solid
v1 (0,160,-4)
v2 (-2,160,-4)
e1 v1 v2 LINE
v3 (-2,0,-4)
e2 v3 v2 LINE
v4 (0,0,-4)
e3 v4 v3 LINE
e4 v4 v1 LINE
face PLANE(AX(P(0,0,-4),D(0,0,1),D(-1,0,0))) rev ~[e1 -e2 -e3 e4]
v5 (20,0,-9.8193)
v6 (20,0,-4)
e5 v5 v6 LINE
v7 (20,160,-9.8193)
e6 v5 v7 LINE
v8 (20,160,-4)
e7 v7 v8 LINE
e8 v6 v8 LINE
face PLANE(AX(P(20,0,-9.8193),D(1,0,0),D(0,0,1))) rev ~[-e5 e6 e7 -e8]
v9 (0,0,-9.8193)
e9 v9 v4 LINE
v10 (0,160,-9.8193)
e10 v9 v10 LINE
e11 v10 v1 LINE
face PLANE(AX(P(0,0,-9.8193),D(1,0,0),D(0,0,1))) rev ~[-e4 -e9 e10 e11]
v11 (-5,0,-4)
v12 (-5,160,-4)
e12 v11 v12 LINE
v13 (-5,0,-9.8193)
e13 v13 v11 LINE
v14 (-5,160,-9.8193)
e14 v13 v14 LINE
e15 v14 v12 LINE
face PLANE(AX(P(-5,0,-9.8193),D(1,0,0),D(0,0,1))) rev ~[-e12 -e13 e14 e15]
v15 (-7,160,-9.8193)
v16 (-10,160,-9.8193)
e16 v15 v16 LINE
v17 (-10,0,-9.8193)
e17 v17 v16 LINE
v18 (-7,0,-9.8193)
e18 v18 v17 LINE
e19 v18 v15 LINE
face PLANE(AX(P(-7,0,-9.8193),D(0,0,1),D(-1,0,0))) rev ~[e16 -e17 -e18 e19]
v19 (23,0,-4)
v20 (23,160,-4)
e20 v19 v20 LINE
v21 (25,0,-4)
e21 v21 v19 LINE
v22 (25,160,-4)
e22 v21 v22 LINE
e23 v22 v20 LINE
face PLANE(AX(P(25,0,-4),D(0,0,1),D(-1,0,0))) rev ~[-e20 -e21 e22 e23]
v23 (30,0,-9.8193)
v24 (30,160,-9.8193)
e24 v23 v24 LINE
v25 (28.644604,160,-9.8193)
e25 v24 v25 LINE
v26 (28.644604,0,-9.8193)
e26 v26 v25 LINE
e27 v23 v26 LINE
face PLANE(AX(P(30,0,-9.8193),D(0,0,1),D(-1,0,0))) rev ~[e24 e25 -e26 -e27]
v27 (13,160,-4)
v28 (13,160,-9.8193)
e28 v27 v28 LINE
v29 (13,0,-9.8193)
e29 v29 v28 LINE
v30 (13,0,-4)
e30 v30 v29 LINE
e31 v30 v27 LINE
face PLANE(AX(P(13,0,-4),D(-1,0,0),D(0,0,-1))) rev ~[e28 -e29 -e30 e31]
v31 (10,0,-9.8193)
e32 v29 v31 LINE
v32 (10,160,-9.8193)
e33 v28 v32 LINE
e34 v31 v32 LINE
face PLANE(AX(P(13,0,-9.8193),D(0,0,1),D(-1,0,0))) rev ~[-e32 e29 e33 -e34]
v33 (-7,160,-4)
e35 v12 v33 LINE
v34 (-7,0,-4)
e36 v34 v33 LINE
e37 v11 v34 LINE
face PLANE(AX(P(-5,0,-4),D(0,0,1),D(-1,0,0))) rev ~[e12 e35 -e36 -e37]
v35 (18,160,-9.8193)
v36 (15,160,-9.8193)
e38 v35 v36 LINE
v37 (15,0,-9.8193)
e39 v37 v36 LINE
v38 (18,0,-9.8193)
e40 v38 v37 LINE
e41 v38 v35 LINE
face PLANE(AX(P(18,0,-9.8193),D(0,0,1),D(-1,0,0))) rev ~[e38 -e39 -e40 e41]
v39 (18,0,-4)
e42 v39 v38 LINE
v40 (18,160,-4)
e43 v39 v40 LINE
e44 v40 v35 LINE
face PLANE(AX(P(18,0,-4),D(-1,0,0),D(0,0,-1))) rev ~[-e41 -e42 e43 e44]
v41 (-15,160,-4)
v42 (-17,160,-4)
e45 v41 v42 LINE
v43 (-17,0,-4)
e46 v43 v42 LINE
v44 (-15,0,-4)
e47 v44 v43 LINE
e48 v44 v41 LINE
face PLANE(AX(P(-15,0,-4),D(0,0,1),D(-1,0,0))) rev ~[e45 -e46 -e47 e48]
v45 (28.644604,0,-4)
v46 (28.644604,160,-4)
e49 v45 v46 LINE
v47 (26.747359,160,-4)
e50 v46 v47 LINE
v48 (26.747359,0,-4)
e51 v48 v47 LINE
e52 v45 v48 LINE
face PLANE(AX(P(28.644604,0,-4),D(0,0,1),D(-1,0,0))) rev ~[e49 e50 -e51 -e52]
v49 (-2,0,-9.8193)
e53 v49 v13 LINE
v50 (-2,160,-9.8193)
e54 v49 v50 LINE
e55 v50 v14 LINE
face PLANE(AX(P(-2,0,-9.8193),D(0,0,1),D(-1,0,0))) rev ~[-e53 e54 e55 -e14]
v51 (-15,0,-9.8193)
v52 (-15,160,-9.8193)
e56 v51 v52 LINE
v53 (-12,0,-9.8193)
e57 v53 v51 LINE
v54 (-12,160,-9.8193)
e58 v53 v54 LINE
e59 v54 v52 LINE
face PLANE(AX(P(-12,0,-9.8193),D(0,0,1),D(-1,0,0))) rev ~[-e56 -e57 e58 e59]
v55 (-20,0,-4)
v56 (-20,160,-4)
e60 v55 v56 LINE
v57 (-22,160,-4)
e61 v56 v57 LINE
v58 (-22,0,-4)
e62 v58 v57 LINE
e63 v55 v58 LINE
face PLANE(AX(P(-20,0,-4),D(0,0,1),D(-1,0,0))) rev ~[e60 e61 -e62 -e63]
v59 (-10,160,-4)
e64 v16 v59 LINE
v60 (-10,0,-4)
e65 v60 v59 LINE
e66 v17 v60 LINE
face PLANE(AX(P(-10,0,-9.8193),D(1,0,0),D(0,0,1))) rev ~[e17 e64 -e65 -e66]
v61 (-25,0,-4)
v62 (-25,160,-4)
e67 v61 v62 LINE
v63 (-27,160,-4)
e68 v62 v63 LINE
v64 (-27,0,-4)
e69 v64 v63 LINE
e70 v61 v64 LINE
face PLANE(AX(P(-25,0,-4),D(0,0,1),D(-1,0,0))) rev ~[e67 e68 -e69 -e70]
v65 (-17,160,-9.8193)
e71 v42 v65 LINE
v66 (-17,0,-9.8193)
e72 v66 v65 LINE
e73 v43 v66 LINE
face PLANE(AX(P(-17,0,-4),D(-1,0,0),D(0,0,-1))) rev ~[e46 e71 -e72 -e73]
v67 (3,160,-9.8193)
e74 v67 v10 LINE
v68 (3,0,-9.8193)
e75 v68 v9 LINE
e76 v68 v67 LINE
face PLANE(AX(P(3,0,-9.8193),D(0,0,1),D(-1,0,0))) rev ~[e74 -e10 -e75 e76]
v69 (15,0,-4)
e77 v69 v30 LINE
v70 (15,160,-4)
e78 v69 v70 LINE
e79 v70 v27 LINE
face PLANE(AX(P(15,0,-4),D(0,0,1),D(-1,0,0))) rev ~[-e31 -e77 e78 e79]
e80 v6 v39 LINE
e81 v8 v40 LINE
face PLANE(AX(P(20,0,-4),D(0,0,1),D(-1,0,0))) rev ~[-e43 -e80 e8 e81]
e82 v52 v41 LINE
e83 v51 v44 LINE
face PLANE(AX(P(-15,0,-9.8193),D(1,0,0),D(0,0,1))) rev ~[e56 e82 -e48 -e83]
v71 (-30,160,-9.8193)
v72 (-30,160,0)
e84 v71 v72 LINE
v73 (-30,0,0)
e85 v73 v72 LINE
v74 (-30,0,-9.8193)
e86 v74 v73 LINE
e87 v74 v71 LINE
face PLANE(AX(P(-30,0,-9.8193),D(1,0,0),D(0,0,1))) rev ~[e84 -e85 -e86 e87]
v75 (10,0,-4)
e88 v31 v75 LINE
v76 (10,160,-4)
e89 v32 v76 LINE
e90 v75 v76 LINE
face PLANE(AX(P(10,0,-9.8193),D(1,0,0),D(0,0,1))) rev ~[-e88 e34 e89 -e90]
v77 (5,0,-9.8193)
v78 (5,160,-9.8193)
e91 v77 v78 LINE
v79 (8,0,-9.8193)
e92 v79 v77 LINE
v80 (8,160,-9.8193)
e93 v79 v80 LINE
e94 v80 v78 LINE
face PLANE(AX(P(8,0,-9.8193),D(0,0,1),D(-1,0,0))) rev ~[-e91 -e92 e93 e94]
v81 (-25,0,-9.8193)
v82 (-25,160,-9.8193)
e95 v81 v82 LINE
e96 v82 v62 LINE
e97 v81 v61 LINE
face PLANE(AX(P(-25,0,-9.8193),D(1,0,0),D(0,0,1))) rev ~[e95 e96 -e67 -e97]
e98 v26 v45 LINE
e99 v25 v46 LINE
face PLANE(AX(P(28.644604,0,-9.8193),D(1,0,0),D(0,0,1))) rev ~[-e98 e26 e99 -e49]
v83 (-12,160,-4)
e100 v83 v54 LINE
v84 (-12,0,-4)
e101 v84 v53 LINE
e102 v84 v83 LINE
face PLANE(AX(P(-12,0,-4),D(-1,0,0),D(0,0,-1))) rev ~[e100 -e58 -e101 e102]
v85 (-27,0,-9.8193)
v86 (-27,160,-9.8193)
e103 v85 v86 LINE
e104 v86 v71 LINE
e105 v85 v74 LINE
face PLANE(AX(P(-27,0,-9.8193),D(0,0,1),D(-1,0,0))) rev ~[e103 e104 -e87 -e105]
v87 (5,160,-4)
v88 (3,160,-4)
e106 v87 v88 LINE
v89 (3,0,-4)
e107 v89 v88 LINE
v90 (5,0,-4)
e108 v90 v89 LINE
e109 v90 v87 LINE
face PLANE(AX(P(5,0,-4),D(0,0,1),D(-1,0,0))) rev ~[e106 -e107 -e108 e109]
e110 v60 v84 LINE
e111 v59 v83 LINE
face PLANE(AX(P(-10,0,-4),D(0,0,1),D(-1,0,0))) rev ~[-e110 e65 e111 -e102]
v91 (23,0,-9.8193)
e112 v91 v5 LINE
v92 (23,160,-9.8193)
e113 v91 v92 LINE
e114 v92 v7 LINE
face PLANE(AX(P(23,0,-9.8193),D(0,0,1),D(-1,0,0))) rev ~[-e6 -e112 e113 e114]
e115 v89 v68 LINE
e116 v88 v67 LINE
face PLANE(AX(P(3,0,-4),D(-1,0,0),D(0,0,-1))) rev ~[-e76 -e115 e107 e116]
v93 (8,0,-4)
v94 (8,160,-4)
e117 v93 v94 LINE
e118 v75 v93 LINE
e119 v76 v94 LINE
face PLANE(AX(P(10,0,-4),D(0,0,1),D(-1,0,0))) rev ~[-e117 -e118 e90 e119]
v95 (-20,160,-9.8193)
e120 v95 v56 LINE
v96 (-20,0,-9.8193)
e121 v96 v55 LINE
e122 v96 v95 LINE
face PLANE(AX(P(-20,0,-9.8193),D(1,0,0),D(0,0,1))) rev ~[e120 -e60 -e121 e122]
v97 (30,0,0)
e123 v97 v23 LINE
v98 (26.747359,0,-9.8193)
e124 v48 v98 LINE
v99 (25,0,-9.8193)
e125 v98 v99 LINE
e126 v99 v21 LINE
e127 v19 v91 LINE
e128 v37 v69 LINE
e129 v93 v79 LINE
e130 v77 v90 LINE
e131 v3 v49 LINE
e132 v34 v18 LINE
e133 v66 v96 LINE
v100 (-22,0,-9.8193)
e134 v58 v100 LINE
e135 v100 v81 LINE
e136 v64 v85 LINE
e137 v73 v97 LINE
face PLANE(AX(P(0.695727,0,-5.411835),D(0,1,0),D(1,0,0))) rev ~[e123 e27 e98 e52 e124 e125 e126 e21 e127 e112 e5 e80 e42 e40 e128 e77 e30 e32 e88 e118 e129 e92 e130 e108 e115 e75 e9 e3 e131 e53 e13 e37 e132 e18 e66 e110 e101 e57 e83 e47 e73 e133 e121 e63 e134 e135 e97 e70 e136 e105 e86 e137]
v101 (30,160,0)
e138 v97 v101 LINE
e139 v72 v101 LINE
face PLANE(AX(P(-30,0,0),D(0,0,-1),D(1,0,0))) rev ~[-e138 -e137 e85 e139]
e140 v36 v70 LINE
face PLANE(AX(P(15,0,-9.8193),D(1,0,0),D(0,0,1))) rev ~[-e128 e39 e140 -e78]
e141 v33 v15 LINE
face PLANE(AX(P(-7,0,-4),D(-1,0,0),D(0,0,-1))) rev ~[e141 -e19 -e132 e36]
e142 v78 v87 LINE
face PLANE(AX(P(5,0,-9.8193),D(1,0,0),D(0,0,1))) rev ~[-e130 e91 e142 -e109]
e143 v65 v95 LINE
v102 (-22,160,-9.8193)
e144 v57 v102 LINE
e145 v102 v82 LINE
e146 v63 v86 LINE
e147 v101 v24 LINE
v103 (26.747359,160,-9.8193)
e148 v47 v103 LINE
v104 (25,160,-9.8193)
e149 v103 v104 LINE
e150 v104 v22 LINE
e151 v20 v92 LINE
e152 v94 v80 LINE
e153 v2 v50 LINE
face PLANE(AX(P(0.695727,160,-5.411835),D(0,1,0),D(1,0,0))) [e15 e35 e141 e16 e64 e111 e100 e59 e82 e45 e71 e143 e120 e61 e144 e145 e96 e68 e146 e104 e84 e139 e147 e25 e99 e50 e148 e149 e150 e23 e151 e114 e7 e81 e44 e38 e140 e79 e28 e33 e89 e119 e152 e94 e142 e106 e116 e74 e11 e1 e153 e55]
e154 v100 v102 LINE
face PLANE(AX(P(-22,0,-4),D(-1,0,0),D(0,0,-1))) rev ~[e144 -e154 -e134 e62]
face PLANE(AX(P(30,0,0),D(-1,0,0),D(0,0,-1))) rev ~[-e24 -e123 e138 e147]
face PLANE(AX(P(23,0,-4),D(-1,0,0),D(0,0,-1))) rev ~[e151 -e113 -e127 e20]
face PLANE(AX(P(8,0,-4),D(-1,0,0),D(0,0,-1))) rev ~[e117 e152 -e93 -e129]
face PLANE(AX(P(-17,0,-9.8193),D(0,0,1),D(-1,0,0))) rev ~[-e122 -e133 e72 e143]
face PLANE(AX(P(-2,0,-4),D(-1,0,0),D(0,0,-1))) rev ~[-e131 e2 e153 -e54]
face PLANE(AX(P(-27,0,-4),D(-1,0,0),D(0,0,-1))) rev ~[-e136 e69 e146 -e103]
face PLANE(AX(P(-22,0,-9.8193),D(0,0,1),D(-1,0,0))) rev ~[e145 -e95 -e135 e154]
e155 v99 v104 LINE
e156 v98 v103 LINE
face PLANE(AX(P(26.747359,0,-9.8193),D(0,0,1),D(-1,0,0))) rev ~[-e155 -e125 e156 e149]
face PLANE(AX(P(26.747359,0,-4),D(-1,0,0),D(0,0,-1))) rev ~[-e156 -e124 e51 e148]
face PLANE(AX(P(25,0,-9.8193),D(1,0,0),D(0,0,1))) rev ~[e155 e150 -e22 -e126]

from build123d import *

# Parameters (mm, degrees)
EXTRUDE_1_DEPTH = 160


with BuildPart() as part:
    # Эскиз1 → Бобышка-Вытянуть1 (new body)
    with BuildSketch(Plane(origin=(0, 0, 0), x_dir=(1, 0, 0), z_dir=(0, 1, 0))):
        Polygon((-30, 0), (30, 0), (30, 9.81929979), (28.644603918, 9.81929979), (28.644603918, 4), (26.747359492, 4), (26.747359492, 9.81929979), (25, 9.81929979), (25, 4), (23, 4), (23, 9.81929979), (20, 9.81929979), (20, 4), (18, 4), (18, 9.81929979), (15, 9.81929979), (15, 4), (13, 4), (13, 9.81929979), (10, 9.81929979), (10, 4), (8, 4), (8, 9.81929979), (5, 9.81929979), (5, 4), (3, 4), (3, 9.81929979), (0, 9.81929979), (0, 4), (-2, 4), (-2, 9.81929979), (-5, 9.81929979), (-5, 4), (-7, 4), (-7, 9.81929979), (-10, 9.81929979), (-10, 4), (-12, 4), (-12, 9.81929979), (-15, 9.81929979), (-15, 4), (-17, 4), (-17, 9.81929979), (-20, 9.81929979), (-20, 4), (-22, 4), (-22, 9.81929979), (-25, 9.81929979), (-25, 4), (-27, 4), (-27, 9.81929979), (-30, 9.81929979), align=None)
    extrude(amount=EXTRUDE_1_DEPTH)


solid = part.part
